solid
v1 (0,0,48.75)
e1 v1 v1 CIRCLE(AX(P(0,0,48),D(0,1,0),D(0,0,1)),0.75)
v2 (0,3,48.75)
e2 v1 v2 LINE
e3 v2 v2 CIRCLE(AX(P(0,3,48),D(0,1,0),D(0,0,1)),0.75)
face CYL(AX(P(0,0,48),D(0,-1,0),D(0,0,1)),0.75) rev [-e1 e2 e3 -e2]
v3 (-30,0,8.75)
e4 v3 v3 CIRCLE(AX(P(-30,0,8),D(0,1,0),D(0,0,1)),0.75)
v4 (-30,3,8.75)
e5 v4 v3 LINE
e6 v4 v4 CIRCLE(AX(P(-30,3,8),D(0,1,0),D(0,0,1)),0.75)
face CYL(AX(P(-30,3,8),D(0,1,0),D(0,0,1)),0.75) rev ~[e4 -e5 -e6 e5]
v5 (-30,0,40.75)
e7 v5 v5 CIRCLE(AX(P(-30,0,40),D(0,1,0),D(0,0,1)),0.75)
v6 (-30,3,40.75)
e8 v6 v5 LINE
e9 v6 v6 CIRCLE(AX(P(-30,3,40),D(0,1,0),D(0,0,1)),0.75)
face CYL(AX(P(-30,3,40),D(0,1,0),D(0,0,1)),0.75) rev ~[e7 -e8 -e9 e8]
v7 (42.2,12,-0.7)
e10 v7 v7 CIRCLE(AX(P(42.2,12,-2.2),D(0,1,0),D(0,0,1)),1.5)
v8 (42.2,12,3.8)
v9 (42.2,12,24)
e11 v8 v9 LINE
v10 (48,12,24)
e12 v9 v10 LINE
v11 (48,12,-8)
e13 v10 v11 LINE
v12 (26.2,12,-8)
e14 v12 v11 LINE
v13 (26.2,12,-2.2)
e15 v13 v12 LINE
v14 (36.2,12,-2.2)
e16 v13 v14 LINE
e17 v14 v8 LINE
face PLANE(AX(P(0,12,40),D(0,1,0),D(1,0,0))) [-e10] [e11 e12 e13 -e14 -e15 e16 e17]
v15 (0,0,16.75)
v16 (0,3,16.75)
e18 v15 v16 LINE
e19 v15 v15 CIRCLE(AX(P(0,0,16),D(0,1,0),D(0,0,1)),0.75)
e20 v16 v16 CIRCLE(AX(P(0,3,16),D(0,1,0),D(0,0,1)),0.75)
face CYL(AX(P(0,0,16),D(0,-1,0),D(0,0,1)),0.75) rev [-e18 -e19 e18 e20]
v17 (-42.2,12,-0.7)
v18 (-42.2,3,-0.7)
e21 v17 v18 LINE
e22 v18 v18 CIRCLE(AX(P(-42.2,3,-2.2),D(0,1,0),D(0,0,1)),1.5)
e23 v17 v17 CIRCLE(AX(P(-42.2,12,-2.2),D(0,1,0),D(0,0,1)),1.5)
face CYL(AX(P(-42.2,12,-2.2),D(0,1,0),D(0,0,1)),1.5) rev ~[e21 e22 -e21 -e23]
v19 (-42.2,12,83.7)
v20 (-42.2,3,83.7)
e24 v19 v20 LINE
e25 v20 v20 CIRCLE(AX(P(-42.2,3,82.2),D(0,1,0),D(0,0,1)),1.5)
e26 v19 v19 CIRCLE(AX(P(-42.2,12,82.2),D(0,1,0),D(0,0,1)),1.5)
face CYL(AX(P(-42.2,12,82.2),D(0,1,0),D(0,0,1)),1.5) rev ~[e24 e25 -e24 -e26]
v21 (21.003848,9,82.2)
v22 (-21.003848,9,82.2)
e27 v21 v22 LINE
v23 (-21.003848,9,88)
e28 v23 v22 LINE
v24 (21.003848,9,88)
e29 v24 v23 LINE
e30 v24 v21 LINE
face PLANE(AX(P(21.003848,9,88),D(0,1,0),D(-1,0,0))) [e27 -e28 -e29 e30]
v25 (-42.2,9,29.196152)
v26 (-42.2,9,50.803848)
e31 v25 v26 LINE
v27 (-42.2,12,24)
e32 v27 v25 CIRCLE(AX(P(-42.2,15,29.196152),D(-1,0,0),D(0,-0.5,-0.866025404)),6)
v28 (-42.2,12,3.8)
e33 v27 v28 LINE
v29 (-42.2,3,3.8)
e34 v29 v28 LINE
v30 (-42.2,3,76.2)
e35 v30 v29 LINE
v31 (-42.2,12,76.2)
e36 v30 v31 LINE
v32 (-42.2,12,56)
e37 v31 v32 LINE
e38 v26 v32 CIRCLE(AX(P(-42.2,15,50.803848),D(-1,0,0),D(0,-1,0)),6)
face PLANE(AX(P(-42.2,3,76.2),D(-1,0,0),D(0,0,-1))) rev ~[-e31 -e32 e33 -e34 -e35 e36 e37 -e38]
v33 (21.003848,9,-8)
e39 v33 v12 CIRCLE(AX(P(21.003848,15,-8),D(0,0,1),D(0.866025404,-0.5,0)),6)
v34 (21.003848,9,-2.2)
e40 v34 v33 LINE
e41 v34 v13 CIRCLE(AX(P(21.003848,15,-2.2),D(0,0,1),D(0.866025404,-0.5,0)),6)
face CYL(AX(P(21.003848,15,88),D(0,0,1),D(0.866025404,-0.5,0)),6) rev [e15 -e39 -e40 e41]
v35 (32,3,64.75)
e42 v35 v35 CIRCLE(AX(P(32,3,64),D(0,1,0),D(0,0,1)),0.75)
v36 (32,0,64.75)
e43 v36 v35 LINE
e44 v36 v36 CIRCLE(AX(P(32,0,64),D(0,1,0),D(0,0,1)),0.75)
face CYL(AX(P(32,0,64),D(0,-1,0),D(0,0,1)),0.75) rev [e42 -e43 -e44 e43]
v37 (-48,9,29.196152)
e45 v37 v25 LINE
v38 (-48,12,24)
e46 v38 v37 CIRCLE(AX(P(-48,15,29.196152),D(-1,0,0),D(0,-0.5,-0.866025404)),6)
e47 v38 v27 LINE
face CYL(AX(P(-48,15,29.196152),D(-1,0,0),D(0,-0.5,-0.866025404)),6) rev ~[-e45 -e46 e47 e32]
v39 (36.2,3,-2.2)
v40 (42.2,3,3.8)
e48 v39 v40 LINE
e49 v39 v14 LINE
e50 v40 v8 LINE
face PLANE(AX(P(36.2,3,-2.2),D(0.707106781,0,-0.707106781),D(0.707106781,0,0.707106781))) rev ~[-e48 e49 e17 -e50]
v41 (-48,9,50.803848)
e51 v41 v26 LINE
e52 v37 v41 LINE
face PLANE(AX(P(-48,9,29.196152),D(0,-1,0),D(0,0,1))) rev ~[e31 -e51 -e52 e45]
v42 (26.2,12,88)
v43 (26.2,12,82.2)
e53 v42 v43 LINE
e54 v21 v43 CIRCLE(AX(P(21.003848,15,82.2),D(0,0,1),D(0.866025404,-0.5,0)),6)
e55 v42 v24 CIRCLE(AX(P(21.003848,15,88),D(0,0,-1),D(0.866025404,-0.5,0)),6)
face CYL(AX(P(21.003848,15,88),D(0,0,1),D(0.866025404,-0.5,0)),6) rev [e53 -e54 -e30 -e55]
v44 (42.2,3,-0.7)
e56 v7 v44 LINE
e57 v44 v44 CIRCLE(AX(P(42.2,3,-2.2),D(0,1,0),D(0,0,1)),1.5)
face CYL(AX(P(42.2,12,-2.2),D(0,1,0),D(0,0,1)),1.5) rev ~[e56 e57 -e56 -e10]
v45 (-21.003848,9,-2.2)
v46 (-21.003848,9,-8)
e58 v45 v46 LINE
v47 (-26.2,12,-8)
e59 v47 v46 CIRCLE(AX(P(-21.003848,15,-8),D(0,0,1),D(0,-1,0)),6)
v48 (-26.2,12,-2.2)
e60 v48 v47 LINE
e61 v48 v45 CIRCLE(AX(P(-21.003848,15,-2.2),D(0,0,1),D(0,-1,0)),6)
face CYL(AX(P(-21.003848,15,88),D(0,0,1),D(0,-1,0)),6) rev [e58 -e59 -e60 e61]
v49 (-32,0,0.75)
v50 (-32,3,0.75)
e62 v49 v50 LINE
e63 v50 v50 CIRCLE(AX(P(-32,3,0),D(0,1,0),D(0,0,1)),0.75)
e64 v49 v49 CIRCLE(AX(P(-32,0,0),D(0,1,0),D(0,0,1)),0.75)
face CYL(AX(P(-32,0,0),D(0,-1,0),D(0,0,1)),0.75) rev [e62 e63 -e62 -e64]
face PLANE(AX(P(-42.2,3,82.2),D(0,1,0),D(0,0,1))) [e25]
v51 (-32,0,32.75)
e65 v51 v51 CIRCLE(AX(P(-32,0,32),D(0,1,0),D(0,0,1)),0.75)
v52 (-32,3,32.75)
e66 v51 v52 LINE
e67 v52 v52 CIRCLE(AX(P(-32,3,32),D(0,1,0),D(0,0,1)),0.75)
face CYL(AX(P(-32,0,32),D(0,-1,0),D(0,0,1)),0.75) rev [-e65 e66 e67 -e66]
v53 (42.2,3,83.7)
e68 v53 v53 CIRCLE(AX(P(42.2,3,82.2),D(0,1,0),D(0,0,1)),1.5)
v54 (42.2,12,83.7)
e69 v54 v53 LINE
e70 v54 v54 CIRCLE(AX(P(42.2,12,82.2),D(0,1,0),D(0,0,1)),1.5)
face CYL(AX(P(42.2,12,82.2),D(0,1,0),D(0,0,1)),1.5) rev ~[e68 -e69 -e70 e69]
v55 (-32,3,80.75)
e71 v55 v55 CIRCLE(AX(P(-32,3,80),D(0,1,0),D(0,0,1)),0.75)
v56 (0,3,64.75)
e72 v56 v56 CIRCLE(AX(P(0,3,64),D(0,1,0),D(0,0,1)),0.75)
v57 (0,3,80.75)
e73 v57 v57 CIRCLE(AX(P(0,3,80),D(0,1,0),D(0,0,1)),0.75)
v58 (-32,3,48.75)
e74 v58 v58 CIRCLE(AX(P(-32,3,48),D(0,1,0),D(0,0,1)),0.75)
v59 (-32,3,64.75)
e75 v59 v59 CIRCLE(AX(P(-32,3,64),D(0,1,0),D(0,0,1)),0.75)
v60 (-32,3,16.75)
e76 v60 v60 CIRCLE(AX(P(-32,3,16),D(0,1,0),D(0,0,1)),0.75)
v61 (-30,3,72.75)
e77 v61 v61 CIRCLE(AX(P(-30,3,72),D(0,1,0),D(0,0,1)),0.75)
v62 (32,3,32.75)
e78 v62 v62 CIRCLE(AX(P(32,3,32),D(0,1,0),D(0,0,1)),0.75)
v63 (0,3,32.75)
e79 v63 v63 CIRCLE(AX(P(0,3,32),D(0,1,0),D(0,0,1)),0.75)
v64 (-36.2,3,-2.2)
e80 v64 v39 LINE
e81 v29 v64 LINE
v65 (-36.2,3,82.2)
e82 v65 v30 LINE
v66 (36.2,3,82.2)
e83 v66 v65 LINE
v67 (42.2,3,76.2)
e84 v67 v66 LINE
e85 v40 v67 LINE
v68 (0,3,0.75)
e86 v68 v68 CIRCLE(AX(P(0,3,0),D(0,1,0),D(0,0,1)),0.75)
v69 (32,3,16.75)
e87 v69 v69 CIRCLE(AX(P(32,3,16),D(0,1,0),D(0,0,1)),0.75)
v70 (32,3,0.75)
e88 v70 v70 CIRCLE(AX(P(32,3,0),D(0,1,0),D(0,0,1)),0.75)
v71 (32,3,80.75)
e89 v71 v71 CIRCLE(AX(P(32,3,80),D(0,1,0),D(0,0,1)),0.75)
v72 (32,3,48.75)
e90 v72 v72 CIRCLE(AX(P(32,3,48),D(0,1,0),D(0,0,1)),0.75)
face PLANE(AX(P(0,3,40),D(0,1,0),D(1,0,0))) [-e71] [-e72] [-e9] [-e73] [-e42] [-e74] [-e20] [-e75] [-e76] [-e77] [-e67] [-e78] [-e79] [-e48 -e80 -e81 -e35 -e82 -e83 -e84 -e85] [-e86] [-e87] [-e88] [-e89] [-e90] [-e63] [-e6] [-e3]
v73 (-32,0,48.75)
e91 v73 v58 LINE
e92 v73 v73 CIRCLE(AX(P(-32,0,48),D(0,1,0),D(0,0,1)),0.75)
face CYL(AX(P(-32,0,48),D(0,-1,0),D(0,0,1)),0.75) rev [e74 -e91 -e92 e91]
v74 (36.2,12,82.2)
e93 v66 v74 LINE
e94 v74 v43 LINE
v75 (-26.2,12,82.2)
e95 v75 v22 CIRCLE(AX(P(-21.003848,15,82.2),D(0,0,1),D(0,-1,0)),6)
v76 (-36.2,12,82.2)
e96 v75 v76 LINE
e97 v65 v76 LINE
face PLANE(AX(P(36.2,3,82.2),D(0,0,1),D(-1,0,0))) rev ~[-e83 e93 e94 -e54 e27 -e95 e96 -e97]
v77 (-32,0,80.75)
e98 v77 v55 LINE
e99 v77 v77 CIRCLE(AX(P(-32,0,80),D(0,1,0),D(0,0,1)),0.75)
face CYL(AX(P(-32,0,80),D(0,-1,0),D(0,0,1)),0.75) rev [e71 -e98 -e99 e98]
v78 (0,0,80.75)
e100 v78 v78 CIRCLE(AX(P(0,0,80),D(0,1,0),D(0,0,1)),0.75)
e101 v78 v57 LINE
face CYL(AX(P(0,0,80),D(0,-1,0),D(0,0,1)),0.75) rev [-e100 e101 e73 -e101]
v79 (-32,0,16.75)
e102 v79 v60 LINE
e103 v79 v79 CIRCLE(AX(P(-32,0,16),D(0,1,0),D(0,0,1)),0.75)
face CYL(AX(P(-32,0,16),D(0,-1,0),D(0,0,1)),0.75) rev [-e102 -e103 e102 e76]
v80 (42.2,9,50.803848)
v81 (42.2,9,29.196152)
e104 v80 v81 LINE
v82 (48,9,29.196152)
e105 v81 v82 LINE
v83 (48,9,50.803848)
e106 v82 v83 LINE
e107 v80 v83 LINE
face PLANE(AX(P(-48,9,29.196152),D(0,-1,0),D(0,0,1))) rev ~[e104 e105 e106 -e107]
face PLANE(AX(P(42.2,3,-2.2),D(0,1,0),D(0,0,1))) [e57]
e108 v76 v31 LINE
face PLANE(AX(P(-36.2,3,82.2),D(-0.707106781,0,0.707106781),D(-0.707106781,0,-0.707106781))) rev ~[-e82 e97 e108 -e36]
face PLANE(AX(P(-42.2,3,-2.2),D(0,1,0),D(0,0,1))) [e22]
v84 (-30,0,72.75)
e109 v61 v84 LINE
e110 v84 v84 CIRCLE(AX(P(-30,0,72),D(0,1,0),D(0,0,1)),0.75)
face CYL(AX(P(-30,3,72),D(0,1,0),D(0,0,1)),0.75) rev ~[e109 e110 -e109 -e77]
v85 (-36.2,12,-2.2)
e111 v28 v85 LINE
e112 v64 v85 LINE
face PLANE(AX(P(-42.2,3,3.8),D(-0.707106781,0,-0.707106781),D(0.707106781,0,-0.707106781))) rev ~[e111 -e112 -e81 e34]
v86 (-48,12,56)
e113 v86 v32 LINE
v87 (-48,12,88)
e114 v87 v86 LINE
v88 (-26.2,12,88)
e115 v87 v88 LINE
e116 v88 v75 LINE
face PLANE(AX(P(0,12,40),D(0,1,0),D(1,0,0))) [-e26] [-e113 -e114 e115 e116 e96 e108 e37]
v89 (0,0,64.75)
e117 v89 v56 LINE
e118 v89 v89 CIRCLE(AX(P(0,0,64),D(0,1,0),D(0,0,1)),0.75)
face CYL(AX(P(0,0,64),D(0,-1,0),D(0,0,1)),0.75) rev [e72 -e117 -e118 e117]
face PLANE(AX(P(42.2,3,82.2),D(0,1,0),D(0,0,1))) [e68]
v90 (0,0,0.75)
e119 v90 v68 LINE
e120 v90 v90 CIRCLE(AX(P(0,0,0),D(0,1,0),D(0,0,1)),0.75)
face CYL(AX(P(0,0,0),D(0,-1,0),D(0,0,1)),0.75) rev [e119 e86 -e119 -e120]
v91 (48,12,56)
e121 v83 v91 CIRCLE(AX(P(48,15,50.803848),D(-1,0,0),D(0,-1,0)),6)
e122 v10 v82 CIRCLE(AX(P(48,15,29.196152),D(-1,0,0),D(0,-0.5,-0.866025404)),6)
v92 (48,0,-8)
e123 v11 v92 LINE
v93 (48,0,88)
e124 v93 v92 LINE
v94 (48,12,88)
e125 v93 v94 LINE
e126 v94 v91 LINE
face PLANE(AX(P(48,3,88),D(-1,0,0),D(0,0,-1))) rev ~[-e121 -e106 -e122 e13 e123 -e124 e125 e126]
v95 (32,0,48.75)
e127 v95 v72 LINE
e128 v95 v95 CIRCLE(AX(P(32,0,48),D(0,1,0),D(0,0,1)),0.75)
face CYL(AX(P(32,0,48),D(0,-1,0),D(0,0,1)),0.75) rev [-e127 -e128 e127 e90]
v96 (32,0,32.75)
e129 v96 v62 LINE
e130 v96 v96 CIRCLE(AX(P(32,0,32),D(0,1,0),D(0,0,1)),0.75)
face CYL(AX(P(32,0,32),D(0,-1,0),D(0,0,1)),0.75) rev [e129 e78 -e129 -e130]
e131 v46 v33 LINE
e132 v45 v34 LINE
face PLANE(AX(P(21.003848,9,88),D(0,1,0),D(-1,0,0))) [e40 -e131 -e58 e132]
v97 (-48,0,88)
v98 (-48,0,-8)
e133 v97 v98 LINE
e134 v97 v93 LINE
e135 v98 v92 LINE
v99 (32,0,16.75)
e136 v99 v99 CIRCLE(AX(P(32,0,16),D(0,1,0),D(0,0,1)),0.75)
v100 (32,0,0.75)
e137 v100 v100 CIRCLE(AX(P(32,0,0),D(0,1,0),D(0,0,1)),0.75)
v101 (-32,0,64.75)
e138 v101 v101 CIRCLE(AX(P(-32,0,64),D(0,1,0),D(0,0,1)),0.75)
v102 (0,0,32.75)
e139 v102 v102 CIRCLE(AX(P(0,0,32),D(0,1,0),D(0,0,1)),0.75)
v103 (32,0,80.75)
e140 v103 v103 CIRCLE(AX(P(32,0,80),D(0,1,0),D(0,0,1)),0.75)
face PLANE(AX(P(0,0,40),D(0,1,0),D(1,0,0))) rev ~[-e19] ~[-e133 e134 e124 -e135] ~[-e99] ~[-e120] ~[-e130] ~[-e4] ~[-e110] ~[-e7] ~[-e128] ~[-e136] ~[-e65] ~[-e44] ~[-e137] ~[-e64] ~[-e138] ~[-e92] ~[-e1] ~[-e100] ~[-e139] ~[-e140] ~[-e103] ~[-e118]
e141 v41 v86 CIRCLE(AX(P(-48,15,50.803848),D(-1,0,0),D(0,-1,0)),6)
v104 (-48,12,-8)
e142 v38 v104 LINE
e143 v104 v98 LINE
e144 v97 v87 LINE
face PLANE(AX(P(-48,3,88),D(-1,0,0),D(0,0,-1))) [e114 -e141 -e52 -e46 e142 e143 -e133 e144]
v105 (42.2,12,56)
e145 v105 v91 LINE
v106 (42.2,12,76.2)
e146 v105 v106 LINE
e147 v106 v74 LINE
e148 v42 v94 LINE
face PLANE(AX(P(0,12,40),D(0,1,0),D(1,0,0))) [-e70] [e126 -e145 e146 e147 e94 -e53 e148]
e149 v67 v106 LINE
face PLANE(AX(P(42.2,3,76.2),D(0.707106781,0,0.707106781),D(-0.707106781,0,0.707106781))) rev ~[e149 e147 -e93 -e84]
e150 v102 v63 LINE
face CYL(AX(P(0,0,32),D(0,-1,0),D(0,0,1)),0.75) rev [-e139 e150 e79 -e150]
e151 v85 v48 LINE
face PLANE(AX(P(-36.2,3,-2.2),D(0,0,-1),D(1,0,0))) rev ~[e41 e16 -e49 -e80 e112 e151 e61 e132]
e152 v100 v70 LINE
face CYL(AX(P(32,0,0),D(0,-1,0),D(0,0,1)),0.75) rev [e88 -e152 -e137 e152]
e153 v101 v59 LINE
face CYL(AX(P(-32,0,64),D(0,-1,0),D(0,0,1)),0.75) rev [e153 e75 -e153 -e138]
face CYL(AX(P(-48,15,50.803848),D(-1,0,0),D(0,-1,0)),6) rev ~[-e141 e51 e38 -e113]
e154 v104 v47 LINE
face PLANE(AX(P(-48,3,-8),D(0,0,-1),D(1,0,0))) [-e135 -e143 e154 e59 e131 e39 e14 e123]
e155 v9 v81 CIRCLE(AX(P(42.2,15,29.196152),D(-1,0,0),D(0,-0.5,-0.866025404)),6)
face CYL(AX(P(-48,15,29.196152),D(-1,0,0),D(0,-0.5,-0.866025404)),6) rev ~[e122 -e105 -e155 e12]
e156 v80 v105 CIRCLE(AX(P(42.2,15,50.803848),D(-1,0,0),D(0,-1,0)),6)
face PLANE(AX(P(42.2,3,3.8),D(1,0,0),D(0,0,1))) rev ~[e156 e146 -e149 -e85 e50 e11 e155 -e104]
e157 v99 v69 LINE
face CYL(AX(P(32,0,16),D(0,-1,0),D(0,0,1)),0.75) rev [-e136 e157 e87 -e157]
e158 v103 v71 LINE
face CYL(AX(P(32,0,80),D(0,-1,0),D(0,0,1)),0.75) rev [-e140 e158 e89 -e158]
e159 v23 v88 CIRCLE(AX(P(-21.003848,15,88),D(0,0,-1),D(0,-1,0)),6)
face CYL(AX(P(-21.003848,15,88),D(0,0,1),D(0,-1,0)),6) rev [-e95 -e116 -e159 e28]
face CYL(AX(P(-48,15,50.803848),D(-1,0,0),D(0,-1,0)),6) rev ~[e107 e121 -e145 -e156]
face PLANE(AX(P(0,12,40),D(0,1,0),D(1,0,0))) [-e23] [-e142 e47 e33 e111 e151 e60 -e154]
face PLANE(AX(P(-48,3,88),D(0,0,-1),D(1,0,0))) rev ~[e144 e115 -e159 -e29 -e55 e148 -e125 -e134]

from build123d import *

# Parameters (mm, degrees)
SKETCH1_W           = 96
SKETCH1_H           = 96
SKETCH1_R           = 0.75
BOSS_EXTRUDE1_DEPTH = 3
SKETCH2_W           = 96
SKETCH2_H           = 96
BOSS_EXTRUDE2_DEPTH = 9
SKETCH3_R           = 1.5
CUT_EXTRUDE1_DEPTH  = 9
CUT_EXTRUDE2_DEPTH  = 109
CUT_EXTRUDE3_DEPTH  = 131.782261794
SKETCH6_R           = 0.75
CUT_EXTRUDE4_DEPTH  = 101.642933185
LPATTERN4_COUNT     = 3
LPATTERN4_PITCH     = 32


with BuildPart() as part:
    # Sketch1 → Boss-Extrude1 (new body)
    with BuildSketch(Plane(origin=(0, 0, 0), x_dir=(1, 0, 0), z_dir=(0, 1, 0))):
        with Locations((0, -40)):
            Rectangle(SKETCH1_W, SKETCH1_H)
        with Locations(Location((0, 0, 0), (0, 0, 270))):
            Circle(SKETCH1_R, mode=Mode.SUBTRACT)
        with Locations(Location((32, 0, 0), (0, 0, 270))):
            Circle(SKETCH1_R, mode=Mode.SUBTRACT)
        with Locations(Location((-32, 0, 0), (0, 0, 270))):
            Circle(SKETCH1_R, mode=Mode.SUBTRACT)
        with Locations(Location((0, -16, 0), (0, 0, 270))):
            Circle(SKETCH1_R, mode=Mode.SUBTRACT)
        with Locations(Location((-32, -16, 0), (0, 0, 270))):
            Circle(SKETCH1_R, mode=Mode.SUBTRACT)
        with Locations(Location((32, -16, 0), (0, 0, 270))):
            Circle(SKETCH1_R, mode=Mode.SUBTRACT)
        with Locations(Location((0, -32, 0), (0, 0, 270))):
            Circle(SKETCH1_R, mode=Mode.SUBTRACT)
        with Locations(Location((-32, -32, 0), (0, 0, 270))):
            Circle(SKETCH1_R, mode=Mode.SUBTRACT)
        with Locations(Location((32, -32, 0), (0, 0, 270))):
            Circle(SKETCH1_R, mode=Mode.SUBTRACT)
        with Locations(Location((0, -48, 0), (0, 0, 270))):
            Circle(SKETCH1_R, mode=Mode.SUBTRACT)
        with Locations(Location((-32, -48, 0), (0, 0, 270))):
            Circle(SKETCH1_R, mode=Mode.SUBTRACT)
        with Locations(Location((32, -48, 0), (0, 0, 270))):
            Circle(SKETCH1_R, mode=Mode.SUBTRACT)
        with Locations(Location((0, -64, 0), (0, 0, 270))):
            Circle(SKETCH1_R, mode=Mode.SUBTRACT)
        with Locations(Location((-32, -64, 0), (0, 0, 270))):
            Circle(SKETCH1_R, mode=Mode.SUBTRACT)
        with Locations(Location((32, -64, 0), (0, 0, 270))):
            Circle(SKETCH1_R, mode=Mode.SUBTRACT)
        with Locations(Location((0, -80, 0), (0, 0, 270))):
            Circle(SKETCH1_R, mode=Mode.SUBTRACT)
        with Locations(Location((-32, -80, 0), (0, 0, 270))):
            Circle(SKETCH1_R, mode=Mode.SUBTRACT)
        with Locations(Location((32, -80, 0), (0, 0, 270))):
            Circle(SKETCH1_R, mode=Mode.SUBTRACT)
    extrude(amount=BOSS_EXTRUDE1_DEPTH)

    # Sketch2 → Boss-Extrude2 (add)
    with BuildSketch(Plane(origin=(0, 3, 0), x_dir=(1, 0, 0), z_dir=(0, 1, 0))):
        with Locations((0, -40)):
            Rectangle(SKETCH2_W, SKETCH2_H)
        Polygon((-36.2, 2.2), (36.2, 2.2), (42.2, -3.8), (42.2, -76.2), (36.2, -82.2), (-36.2, -82.2), (-42.2, -76.2), (-42.2, -3.8), align=None, mode=Mode.SUBTRACT)
    extrude(amount=BOSS_EXTRUDE2_DEPTH)

    # Sketch3 → Cut-Extrude1 (cut)
    with BuildSketch(Plane(origin=(0, 12, 0), x_dir=(1, 0, 0), z_dir=(0, 1, 0))):
        with Locations(Location((-42.2, 2.2, 0), (0, 0, 270))):
            Circle(SKETCH3_R)
        with Locations(Location((42.2, 2.2, 0), (0, 0, 270))):
            Circle(SKETCH3_R)
        with Locations(Location((42.2, -82.2, 0), (0, 0, 270))):
            Circle(SKETCH3_R)
        with Locations(Location((-42.2, -82.2, 0), (0, 0, 270))):
            Circle(SKETCH3_R)
    extrude(amount=-CUT_EXTRUDE1_DEPTH, mode=Mode.SUBTRACT)

    # Sketch4 → Cut-Extrude2 (cut, through all)
    with BuildSketch(Plane.XY.offset(88)):
        with BuildLine():
            Line((-26.2, 12), (26.2, 12))
            ThreePointArc((26.2, 12), (24.003847577, 9.803847577), (21.003847577, 9))
            Line((21.003847577, 9), (-21.003847577, 9))
            ThreePointArc((-21.003847577, 9), (-24.003847577, 9.803847577), (-26.2, 12))
        make_face()
    extrude(amount=-CUT_EXTRUDE2_DEPTH, mode=Mode.SUBTRACT)

    # Sketch5 → Cut-Extrude3 (cut, through all)
    with BuildSketch(Plane.ZY.offset(48)):
        with BuildLine():
            Line((29.196152423, 9), (50.803847577, 9))
            ThreePointArc((50.803847577, 9), (53.803847577, 9.803847577), (56, 12))
            Line((56, 12), (24, 12))
            ThreePointArc((24, 12), (26.196152423, 9.803847577), (29.196152423, 9))
        make_face()
    extrude(amount=-CUT_EXTRUDE3_DEPTH, mode=Mode.SUBTRACT)

    # Sketch6 → Cut-Extrude4 (cut, through all)
    with BuildSketch(Plane(origin=(0, 3, 0), x_dir=(1, 0, 0), z_dir=(0, 1, 0))):
        with Locations(Location((-30, -72, 0), (0, 0, 270))):
            Circle(SKETCH6_R)
    cut_extrude4 = extrude(amount=-CUT_EXTRUDE4_DEPTH, mode=Mode.SUBTRACT)

    # LPattern4: Cut-Extrude4 ×3
    with Locations(*[(0, 0, -i * LPATTERN4_PITCH) for i in range(1, LPATTERN4_COUNT)]):
        add(cut_extrude4, mode=Mode.SUBTRACT)


solid = part.part
